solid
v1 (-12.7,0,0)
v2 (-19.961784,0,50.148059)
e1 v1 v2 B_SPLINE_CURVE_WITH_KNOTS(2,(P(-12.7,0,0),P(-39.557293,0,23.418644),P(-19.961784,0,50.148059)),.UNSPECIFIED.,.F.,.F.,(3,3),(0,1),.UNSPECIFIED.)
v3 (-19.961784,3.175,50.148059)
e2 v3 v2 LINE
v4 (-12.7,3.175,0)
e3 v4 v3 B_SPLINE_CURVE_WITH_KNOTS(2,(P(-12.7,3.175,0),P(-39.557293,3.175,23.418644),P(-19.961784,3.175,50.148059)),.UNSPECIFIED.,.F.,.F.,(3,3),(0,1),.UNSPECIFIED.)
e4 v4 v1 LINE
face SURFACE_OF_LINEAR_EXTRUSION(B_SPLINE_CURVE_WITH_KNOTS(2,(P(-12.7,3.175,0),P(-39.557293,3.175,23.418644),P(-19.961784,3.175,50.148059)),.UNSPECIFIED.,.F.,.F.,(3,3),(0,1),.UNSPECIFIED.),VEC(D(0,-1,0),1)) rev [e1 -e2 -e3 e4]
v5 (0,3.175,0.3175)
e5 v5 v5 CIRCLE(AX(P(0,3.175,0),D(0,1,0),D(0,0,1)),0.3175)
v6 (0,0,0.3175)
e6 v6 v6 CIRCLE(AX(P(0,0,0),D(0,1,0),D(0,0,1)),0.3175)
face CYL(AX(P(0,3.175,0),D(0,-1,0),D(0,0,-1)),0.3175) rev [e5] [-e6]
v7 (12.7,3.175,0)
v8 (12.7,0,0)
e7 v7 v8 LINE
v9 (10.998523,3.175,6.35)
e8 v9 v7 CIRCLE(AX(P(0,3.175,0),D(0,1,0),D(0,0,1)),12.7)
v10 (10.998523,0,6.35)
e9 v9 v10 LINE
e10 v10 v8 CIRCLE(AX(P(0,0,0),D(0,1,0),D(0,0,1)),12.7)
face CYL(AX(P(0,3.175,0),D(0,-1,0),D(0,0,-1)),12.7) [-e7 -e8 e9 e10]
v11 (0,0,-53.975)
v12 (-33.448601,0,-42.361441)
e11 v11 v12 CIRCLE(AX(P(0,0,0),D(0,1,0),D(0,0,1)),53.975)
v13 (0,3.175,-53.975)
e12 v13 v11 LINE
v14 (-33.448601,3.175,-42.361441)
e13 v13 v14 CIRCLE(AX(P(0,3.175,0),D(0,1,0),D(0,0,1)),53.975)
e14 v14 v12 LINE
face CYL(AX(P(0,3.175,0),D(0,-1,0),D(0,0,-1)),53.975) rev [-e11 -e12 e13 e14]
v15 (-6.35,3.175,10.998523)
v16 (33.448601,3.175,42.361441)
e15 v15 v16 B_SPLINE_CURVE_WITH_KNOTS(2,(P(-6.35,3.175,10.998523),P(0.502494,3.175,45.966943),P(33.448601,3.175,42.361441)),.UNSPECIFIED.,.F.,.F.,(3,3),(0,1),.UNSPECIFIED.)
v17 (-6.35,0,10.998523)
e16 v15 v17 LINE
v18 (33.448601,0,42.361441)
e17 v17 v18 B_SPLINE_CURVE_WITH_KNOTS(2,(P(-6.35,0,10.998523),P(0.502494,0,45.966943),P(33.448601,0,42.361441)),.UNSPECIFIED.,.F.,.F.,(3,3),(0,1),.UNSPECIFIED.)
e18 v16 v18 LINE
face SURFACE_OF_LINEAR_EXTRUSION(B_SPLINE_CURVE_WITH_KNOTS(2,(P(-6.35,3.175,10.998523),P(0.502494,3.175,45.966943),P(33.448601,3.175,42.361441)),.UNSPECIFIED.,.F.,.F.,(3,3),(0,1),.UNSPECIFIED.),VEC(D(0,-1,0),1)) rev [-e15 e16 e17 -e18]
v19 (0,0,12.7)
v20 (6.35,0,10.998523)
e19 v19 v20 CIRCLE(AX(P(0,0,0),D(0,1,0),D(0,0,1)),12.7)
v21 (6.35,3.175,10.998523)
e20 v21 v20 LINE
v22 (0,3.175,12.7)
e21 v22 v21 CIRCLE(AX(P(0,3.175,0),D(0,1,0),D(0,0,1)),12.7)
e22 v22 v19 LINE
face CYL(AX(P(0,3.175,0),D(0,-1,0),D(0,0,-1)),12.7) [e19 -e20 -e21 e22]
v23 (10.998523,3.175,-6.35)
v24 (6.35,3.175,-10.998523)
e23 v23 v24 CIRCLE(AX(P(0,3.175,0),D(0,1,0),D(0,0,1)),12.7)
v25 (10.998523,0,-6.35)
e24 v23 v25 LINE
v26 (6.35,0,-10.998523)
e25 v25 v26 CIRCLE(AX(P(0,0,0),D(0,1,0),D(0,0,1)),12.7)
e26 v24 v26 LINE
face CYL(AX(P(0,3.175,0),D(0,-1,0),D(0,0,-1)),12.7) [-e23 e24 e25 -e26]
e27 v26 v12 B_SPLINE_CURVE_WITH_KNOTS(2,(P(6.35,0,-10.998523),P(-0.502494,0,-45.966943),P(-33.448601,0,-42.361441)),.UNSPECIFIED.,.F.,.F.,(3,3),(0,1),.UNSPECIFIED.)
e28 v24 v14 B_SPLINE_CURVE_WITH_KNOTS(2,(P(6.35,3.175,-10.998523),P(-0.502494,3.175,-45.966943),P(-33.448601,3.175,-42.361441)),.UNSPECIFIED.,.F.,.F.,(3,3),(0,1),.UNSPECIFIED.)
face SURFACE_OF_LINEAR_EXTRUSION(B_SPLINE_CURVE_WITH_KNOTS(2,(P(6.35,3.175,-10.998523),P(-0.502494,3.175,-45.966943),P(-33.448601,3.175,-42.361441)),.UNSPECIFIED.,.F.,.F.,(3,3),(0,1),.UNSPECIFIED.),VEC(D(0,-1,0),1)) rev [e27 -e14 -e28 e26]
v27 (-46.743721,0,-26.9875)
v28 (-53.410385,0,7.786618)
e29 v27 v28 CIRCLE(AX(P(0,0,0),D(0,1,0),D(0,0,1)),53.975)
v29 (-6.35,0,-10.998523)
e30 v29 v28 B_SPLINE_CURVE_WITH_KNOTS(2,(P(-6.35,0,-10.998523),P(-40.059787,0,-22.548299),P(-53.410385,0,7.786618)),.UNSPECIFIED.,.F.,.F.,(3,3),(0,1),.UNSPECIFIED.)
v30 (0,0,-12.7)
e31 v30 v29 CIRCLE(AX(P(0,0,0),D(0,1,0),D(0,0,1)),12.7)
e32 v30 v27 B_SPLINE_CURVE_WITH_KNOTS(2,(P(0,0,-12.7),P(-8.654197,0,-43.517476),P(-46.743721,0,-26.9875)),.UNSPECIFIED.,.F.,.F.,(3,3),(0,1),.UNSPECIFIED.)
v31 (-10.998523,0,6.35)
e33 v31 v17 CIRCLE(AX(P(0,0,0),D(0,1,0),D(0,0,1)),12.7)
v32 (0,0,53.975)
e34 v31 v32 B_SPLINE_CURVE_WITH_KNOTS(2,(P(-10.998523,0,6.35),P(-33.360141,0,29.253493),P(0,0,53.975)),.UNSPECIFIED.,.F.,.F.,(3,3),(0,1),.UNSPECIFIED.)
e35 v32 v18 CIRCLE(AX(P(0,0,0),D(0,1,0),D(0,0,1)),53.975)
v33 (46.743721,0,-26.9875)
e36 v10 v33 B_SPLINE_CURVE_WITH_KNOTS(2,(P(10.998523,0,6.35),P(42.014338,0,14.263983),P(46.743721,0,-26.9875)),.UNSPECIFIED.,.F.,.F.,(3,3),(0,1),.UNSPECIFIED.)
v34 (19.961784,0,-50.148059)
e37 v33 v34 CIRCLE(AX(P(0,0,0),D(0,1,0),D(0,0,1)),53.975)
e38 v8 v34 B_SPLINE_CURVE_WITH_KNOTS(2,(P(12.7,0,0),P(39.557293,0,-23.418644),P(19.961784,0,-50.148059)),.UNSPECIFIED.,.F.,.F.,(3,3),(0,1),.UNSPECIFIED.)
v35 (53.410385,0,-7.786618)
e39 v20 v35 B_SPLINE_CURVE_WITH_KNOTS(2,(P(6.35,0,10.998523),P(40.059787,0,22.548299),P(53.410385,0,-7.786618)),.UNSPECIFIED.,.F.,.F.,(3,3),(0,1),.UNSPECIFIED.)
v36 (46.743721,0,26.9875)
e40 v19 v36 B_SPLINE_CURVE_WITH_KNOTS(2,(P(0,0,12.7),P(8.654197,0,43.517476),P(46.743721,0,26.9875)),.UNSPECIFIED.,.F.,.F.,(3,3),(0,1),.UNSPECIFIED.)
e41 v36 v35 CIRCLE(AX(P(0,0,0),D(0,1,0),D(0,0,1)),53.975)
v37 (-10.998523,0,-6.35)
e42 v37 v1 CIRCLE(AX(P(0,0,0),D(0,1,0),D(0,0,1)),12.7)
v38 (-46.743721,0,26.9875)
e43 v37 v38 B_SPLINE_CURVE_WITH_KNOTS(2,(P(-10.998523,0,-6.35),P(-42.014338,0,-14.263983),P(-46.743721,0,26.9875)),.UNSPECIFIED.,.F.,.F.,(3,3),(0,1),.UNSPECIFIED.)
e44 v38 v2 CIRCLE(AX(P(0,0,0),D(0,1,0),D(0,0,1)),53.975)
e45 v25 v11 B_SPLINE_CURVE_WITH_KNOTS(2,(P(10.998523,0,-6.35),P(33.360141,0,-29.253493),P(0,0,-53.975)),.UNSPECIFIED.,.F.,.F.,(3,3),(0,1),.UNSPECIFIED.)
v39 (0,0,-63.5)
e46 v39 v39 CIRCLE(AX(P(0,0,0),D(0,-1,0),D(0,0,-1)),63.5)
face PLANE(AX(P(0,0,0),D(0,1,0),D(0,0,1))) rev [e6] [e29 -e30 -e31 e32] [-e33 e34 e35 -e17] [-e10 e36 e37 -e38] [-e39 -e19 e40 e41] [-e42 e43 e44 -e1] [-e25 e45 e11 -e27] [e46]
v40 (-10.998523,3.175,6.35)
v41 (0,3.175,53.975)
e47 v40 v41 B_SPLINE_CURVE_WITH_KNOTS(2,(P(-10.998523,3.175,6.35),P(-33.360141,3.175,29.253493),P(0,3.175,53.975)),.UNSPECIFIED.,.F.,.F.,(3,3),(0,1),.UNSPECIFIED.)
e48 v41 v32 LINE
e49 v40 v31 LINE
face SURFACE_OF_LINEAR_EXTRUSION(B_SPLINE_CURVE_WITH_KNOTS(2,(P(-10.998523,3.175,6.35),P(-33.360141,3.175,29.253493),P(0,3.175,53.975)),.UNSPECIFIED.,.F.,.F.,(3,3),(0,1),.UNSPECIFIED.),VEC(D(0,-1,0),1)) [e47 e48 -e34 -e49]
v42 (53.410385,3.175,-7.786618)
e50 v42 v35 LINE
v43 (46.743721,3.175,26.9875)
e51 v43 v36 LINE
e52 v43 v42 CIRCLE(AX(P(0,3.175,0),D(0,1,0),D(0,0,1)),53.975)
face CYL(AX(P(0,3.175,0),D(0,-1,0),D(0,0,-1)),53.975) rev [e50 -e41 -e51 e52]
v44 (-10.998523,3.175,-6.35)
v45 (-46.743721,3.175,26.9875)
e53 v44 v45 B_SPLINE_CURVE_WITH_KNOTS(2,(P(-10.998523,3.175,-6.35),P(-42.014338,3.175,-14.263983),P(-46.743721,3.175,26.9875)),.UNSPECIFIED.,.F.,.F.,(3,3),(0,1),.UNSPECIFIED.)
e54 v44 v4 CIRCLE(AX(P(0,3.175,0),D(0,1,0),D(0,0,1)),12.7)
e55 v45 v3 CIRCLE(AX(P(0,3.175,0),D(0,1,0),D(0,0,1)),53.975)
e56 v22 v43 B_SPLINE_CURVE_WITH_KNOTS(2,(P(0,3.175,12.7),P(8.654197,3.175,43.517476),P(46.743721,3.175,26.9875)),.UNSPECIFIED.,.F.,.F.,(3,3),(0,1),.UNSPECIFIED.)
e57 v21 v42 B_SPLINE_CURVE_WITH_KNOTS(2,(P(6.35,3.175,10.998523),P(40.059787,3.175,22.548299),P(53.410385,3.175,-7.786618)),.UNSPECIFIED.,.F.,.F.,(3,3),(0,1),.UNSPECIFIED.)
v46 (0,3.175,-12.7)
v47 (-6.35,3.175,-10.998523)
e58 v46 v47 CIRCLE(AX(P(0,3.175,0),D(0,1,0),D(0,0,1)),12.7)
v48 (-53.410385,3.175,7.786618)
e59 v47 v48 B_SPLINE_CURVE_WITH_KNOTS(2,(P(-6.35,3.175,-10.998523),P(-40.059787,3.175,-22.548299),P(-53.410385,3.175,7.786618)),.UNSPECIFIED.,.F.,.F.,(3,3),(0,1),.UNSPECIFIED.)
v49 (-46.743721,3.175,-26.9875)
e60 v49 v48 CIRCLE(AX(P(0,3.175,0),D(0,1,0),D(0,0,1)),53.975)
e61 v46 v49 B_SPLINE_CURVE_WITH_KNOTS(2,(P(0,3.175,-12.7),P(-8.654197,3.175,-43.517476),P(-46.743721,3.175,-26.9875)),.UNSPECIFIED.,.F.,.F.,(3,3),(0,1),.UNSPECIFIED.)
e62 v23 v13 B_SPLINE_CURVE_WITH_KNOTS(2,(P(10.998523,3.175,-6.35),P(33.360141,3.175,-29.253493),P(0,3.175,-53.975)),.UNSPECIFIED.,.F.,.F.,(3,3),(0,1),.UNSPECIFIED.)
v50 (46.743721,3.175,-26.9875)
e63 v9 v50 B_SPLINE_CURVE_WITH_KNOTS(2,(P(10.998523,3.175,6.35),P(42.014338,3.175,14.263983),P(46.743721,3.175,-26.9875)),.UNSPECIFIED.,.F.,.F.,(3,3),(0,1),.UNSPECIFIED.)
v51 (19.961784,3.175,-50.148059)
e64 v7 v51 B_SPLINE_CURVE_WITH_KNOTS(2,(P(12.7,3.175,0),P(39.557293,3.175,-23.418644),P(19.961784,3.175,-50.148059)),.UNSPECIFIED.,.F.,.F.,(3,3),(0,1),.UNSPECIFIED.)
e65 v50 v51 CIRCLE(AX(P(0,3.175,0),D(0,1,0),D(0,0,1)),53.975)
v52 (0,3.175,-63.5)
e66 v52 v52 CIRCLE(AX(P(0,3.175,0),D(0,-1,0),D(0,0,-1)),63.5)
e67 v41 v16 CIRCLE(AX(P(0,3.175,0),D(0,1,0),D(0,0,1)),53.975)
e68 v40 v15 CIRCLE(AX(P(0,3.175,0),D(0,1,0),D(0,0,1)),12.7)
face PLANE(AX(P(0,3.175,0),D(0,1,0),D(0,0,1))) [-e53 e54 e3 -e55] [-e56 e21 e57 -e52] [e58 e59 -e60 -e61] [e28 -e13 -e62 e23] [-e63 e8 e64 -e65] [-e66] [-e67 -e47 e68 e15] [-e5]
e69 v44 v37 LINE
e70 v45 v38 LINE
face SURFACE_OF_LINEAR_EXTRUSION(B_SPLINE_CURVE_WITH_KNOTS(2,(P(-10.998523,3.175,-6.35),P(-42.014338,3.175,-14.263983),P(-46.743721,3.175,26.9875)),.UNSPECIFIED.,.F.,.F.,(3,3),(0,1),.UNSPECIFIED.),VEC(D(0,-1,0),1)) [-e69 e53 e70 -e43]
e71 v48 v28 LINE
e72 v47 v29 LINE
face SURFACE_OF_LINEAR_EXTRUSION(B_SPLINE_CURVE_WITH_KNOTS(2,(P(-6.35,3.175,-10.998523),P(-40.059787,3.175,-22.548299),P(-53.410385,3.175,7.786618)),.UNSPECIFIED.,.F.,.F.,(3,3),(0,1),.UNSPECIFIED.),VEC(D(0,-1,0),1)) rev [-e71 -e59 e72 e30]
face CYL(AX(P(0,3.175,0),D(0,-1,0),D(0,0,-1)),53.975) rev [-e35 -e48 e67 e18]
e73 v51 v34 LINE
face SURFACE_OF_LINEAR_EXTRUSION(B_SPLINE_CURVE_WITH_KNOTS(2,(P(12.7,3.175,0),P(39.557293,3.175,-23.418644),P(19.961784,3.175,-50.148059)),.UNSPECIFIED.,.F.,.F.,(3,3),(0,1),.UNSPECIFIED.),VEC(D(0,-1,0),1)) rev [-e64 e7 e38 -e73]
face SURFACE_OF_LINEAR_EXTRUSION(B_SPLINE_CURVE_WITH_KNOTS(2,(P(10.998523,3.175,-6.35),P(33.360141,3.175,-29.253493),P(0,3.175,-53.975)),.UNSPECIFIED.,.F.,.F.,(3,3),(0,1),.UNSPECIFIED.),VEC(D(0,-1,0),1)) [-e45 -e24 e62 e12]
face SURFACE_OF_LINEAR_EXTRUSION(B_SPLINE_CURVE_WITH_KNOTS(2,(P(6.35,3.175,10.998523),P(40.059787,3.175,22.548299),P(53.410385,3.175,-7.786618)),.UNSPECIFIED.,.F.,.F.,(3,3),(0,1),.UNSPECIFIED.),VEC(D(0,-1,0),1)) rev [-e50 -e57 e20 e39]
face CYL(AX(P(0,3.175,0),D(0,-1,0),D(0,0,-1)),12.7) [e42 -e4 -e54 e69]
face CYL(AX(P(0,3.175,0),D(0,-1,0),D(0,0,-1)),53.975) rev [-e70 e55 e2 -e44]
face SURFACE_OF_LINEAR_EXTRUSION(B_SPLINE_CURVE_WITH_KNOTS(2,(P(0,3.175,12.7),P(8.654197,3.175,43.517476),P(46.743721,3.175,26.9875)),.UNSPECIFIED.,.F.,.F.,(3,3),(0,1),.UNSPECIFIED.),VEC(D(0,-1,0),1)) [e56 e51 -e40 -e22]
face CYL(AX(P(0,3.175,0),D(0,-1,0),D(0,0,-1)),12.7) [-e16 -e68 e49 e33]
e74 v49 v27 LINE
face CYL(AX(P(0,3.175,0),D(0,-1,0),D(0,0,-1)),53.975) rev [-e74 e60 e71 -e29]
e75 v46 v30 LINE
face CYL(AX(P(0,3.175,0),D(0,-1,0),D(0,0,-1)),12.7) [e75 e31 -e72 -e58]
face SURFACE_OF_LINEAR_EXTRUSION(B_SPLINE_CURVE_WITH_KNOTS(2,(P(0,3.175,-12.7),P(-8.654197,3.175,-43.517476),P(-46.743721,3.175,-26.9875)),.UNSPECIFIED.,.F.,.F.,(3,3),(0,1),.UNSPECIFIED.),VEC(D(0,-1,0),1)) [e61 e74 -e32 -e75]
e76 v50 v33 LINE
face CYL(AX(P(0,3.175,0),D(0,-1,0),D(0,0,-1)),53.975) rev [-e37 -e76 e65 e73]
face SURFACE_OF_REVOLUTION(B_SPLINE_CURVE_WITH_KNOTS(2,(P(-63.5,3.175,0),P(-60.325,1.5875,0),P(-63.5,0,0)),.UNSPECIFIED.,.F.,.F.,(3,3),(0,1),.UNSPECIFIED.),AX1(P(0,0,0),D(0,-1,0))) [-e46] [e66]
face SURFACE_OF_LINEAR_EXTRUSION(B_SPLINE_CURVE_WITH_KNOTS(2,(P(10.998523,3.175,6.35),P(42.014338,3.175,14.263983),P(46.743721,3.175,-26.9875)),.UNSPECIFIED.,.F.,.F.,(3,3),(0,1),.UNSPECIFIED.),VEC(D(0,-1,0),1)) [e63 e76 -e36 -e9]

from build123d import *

# Parameters (mm, degrees)
SKETCH1_R           = 63.5
SKETCH1_R_2         = 0.3175
BOSS_EXTRUDE1_DEPTH = 3.175


with BuildPart() as part:
    # Sketch1 → Boss-Extrude1 (new body)
    with BuildSketch(Plane(origin=(0, 0, 0), x_dir=(1, 0, 0), z_dir=(0, 1, 0))):
        with Locations(Location((0, 0, 0), (0, 0, 270))):
            Circle(SKETCH1_R)
        with Locations(Location((0, 0, 0), (0, 0, 270))):
            Circle(SKETCH1_R_2, mode=Mode.SUBTRACT)
        with BuildLine():
            ThreePointArc((0, 12.7), (-3.287001873, 12.267257994), (-6.35, 10.998522628))
            add(Edge.make_bspline(
                [(-6.35, 10.998522628), (-40.0597869, 22.548298823), (-53.410384867, -7.786617578)],
                knots=[0, 0, 0, 1, 1, 1], degree=2))
            ThreePointArc((-53.410384867, -7.786617578), (-53.009631694, 10.162655788), (-46.743721169, 26.9875))
            add(Edge.make_bspline(
                [(0, 12.7), (-8.654197439, 43.517475509), (-46.743721169, 26.9875)],
                knots=[0, 0, 0, 1, 1, 1], degree=2))
        make_face(mode=Mode.SUBTRACT)
        with BuildLine():
            add(Edge.make_bspline(
                [(-10.998522628, 6.35), (-42.014338018, 14.263982923), (-46.743721169, -26.9875)],
                knots=[0, 0, 0, 1, 1, 1], degree=2))
            ThreePointArc((-10.998522628, 6.35), (-12.267257994, 3.287001873), (-12.7, 0))
            add(Edge.make_bspline(
                [(-12.7, 0), (-39.557293043, -23.418643714), (-19.961783802, -50.14805891)],
                knots=[0, 0, 0, 1, 1, 1], degree=2))
            ThreePointArc((-19.961783802, -50.14805891), (-35.305933929, -40.826359798), (-46.743721169, -26.9875))
        make_face(mode=Mode.SUBTRACT)
        with BuildLine():
            add(Edge.make_bspline(
                [(-10.998522628, -6.35), (-33.36014058, -29.253492586), (0, -53.975)],
                knots=[0, 0, 0, 1, 1, 1], degree=2))
            ThreePointArc((-10.998522628, -6.35), (-8.980256121, -8.980256121), (-6.35, -10.998522628))
            add(Edge.make_bspline(
                [(-6.35, -10.998522628), (0.502493857, -45.966942537), (33.448601066, -42.361441332)],
                knots=[0, 0, 0, 1, 1, 1], degree=2))
            ThreePointArc((33.448601066, -42.361441332), (17.703697765, -50.989015586), (0, -53.975))
        make_face(mode=Mode.SUBTRACT)
        with BuildLine():
            add(Edge.make_bspline(
                [(0, -12.7), (8.654197439, -43.517475509), (46.743721169, -26.9875)],
                knots=[0, 0, 0, 1, 1, 1], degree=2))
            ThreePointArc((0, -12.7), (3.287001873, -12.267257994), (6.35, -10.998522628))
            add(Edge.make_bspline(
                [(6.35, -10.998522628), (40.0597869, -22.548298823), (53.410384867, 7.786617578)],
                knots=[0, 0, 0, 1, 1, 1], degree=2))
            ThreePointArc((53.410384867, 7.786617578), (53.009631694, -10.162655788), (46.743721169, -26.9875))
        make_face(mode=Mode.SUBTRACT)
        with BuildLine():
            add(Edge.make_bspline(
                [(46.743721169, 26.9875), (42.014338018, -14.263982923), (10.998522628, -6.35)],
                knots=[0.554750304, 0.554750304, 0.554750304, 1.554750304, 1.554750304, 1.554750304], degree=2))
            ThreePointArc((10.998522628, -6.35), (12.267257994, -3.287001873), (12.7, 0))
            add(Edge.make_bspline(
                [(12.7, 0), (39.557293043, 23.418643714), (19.961783802, 50.14805891)],
                knots=[0, 0, 0, 1, 1, 1], degree=2))
            ThreePointArc((19.961783802, 50.14805891), (35.305933929, 40.826359798), (46.743721169, 26.9875))
        make_face(mode=Mode.SUBTRACT)
        with BuildLine():
            add(Edge.make_bspline(
                [(0, 53.975), (33.36014058, 29.253492586), (10.998522628, 6.35)],
                knots=[0.274970858, 0.274970858, 0.274970858, 1.274970858, 1.274970858, 1.274970858], degree=2))
            ThreePointArc((10.998522628, 6.35), (8.980256121, 8.980256121), (6.35, 10.998522628))
            add(Edge.make_bspline(
                [(6.35, 10.998522628), (-0.502493857, 45.966942537), (-33.448601066, 42.361441332)],
                knots=[0, 0, 0, 1, 1, 1], degree=2))
            ThreePointArc((-33.448601066, 42.361441332), (-17.703697765, 50.989015586), (0, 53.975))
        make_face(mode=Mode.SUBTRACT)
    extrude(amount=BOSS_EXTRUDE1_DEPTH)

    # Sketch2 → Cut-Revolve2 (revolve, cut)
    with BuildSketch(Plane.XY):
        with BuildLine():
            Line((-63.5, 0), (-63.5, 3.175))
            add(Edge.make_bspline(
                [(-63.5, 3.175), (-60.325, 1.5875), (-63.5, 0)],
                knots=[0, 0, 0, 1, 1, 1], degree=2))
        make_face()
    revolve(axis=Axis((0, 0, 0), (0, 1, 0)), mode=Mode.SUBTRACT)


solid = part.part
